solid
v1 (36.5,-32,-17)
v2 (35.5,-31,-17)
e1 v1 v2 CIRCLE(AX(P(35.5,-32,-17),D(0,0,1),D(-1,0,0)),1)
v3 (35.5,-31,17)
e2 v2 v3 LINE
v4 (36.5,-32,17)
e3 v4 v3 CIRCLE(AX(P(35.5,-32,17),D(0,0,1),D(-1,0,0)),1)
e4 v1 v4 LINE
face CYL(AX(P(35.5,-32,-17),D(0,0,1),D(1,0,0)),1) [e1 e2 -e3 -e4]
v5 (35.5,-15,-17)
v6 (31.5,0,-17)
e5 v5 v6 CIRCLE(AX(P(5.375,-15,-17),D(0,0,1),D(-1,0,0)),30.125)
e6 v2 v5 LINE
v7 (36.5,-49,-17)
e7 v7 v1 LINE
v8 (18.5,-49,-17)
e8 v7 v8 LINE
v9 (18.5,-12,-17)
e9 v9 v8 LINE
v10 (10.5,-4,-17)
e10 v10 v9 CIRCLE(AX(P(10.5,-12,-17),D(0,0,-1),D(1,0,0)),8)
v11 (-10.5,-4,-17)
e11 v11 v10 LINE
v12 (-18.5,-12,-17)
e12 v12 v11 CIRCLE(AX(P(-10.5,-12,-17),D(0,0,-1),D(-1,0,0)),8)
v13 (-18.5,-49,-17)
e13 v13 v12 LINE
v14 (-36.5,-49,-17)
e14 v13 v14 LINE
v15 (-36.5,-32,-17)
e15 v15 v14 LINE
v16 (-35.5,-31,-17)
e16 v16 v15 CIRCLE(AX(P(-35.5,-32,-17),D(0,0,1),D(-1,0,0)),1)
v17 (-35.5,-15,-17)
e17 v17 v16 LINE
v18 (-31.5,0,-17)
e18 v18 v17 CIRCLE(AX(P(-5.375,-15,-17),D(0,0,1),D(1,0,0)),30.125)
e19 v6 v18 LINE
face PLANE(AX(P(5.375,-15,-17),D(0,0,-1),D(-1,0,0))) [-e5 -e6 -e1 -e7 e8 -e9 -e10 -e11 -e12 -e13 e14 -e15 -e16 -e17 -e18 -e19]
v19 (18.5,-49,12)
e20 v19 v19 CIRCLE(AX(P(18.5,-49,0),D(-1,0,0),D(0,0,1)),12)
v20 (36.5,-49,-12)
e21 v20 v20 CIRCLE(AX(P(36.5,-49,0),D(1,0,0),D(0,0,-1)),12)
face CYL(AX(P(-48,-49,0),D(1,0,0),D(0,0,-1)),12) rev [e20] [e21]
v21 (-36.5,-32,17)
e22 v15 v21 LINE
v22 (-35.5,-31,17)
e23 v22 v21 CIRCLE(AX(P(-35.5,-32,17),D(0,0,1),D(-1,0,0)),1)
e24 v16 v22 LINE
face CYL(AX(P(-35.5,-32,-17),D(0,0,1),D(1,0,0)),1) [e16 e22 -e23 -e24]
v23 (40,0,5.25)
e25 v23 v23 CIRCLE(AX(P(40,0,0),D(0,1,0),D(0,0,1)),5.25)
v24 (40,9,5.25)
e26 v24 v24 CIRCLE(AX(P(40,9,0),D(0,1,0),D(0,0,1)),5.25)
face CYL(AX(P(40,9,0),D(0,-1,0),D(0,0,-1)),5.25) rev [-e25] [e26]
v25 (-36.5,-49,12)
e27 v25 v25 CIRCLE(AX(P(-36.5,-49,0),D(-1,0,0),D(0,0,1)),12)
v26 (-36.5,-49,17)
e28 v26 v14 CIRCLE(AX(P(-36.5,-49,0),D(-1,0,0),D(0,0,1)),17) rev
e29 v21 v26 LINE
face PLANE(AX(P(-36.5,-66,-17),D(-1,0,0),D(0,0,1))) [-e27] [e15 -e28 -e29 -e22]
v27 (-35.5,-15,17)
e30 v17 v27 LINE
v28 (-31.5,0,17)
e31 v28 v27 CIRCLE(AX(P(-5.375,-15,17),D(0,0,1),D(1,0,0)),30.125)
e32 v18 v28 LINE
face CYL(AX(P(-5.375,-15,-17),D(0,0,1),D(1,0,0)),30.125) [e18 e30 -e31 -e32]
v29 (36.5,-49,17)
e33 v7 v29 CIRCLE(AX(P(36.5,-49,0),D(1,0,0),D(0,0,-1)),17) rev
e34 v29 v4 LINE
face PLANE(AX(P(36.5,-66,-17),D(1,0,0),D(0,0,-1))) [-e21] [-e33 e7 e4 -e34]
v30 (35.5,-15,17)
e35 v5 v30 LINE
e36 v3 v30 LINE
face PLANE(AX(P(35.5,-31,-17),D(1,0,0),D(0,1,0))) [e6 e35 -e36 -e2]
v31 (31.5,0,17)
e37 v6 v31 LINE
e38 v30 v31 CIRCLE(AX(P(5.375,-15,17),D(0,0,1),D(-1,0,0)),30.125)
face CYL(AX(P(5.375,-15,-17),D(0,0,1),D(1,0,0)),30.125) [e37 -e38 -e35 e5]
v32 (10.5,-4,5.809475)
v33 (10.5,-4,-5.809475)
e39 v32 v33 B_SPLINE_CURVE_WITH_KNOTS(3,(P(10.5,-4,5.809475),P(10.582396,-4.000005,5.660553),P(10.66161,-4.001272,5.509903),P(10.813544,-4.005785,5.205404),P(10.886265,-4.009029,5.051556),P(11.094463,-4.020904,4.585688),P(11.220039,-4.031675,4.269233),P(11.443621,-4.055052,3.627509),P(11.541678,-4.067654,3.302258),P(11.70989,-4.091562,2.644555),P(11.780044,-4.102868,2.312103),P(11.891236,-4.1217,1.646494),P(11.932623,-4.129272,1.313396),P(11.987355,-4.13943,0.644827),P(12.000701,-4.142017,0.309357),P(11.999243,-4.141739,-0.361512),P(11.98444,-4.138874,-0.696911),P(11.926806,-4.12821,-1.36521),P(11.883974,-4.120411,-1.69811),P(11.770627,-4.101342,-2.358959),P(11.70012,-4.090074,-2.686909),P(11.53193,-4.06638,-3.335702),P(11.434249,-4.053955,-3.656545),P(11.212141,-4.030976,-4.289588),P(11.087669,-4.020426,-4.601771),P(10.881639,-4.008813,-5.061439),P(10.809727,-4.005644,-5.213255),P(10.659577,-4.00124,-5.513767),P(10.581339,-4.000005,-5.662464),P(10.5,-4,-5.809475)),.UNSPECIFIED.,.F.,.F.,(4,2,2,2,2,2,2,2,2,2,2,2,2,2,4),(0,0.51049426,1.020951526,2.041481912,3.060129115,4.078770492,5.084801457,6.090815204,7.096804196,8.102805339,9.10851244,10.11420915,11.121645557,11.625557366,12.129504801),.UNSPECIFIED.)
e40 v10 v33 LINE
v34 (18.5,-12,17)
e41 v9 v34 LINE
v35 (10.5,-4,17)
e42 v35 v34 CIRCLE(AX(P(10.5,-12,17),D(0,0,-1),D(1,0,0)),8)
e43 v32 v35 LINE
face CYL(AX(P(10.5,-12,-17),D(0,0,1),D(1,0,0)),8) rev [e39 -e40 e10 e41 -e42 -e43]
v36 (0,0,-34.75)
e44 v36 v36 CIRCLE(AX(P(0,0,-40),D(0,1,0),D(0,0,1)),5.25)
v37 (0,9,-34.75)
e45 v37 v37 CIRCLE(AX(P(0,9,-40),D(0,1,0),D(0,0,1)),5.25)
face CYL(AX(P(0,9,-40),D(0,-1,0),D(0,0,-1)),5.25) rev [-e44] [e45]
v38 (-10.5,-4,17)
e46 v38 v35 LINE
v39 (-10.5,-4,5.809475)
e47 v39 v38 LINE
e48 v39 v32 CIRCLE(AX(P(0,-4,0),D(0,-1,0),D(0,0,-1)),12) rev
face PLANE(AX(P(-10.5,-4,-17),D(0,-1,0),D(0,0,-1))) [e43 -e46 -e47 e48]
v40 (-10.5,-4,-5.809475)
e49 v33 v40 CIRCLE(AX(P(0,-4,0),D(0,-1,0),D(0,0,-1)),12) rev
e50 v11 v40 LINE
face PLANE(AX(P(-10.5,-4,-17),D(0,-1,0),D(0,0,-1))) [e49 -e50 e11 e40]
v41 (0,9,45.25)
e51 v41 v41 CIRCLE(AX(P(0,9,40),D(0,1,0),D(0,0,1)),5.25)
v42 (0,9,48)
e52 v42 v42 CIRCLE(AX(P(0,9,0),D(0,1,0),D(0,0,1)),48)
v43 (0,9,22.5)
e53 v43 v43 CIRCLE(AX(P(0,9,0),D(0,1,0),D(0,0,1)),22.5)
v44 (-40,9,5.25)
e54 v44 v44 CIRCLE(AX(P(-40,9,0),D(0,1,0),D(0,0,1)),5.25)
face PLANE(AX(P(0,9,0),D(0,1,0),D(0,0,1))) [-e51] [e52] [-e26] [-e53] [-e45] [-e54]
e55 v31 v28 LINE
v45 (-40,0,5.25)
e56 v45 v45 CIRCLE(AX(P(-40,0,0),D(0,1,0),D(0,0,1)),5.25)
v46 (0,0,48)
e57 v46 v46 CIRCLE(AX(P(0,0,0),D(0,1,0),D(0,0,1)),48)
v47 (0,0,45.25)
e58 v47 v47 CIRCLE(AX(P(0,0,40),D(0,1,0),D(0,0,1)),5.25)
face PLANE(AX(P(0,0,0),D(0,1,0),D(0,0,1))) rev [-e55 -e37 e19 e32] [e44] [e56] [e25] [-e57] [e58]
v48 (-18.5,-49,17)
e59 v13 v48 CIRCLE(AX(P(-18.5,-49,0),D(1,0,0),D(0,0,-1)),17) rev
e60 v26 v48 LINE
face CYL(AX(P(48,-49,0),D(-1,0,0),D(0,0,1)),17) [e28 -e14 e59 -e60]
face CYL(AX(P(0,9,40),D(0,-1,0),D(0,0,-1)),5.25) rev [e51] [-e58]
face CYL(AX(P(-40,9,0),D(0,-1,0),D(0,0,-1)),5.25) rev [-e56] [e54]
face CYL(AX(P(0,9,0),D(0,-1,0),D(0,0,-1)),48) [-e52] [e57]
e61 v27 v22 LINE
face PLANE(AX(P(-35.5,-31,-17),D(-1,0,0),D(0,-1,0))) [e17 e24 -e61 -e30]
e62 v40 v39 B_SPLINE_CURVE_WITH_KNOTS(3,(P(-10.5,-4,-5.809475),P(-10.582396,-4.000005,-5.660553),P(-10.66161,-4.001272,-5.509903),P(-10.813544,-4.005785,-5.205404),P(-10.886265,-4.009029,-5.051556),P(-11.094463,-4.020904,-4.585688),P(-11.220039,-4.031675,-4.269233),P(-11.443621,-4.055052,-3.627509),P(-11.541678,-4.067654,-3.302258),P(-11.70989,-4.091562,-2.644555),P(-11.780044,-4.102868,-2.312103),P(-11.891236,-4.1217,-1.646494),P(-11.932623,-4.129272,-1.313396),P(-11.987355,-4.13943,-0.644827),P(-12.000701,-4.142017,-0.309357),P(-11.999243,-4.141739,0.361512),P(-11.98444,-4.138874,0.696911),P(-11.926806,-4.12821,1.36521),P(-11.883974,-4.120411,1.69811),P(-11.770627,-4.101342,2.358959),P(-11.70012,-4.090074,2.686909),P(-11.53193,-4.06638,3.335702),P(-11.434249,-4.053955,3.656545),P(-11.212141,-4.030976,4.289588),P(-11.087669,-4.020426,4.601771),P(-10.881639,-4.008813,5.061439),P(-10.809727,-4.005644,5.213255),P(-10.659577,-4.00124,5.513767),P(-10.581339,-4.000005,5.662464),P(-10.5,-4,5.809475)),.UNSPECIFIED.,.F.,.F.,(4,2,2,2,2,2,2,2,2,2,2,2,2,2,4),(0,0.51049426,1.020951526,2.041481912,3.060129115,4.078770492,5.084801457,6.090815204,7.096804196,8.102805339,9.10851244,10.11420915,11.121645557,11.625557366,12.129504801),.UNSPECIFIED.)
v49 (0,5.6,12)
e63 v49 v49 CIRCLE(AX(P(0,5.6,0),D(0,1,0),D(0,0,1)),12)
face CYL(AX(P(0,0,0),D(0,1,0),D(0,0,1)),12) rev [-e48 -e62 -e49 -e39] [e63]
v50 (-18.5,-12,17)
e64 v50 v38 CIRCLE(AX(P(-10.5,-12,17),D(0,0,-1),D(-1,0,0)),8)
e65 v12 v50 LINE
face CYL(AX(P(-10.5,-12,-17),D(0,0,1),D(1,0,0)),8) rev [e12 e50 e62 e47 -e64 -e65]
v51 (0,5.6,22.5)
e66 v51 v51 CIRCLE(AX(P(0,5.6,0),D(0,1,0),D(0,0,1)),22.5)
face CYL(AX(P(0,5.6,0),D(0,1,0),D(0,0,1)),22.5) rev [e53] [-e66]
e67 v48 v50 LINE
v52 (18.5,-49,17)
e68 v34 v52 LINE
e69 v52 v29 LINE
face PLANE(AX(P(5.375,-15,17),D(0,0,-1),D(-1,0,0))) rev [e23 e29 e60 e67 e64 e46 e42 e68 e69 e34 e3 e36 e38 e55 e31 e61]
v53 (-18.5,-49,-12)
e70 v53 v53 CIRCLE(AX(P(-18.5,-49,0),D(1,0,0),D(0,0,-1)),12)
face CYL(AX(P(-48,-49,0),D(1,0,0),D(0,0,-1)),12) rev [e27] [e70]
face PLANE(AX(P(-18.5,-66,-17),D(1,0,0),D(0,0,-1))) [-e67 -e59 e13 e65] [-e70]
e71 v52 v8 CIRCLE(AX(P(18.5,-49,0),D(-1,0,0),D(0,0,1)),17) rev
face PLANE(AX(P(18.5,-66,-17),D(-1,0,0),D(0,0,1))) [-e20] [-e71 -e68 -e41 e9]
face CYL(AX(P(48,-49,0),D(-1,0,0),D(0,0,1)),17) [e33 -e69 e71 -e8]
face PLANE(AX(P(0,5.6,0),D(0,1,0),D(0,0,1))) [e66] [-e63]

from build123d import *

# Parameters (mm, degrees)
SKETCH1_R                = 48
SKETCH1_R_2              = 5.25
BOSS_EXTRUDE1_DEPTH      = 9
SKETCH2_R                = 22.5
CUT_EXTRUDE1_DEPTH       = 3.4
SKETCH3_R                = 12
CUT_EXTRUDE2_DEPTH       = 6.6
BOSS_EXTRUDE2_DEPTH      = 17
BOSS_EXTRUDE2_DEPTH_BACK = 17
SKETCH5_R                = 12
CUT_EXTRUDE3_DEPTH       = 4.5
CUT_EXTRUDE3_DEPTH_BACK  = 4.5
CUT_EXTRUDE4_DEPTH       = 12.5
CUT_EXTRUDE4_DEPTH_BACK  = 85.5
SKETCH8_R                = 12
CUT_EXTRUDE5_DEPTH       = 12.5
CUT_EXTRUDE5_DEPTH_BACK  = 85.5


with BuildPart() as part:
    # Sketch1 → Boss-Extrude1 (new body)
    with BuildSketch(Plane(origin=(0, 0, 0), x_dir=(1, 0, 0), z_dir=(0, 1, 0))):
        Circle(SKETCH1_R)
        with Locations((0, 40)):
            Circle(SKETCH1_R_2, mode=Mode.SUBTRACT)
        with Locations((40, 0)):
            Circle(SKETCH1_R_2, mode=Mode.SUBTRACT)
        with Locations((0, -40)):
            Circle(SKETCH1_R_2, mode=Mode.SUBTRACT)
        with Locations((-40, 0)):
            Circle(SKETCH1_R_2, mode=Mode.SUBTRACT)
    extrude(amount=BOSS_EXTRUDE1_DEPTH)

    # Sketch2 → Cut-Extrude1 (cut)
    with BuildSketch(Plane(origin=(0, 9, 0), x_dir=(1, 0, 0), z_dir=(0, 1, 0))):
        Circle(SKETCH2_R)
    extrude(amount=-CUT_EXTRUDE1_DEPTH, mode=Mode.SUBTRACT)

    # Sketch3 → Cut-Extrude2 (cut, through all)
    with BuildSketch(Plane(origin=(0, 5.6, 0), x_dir=(1, 0, 0), z_dir=(0, 1, 0))):
        Circle(SKETCH3_R)
    extrude(amount=-CUT_EXTRUDE2_DEPTH, mode=Mode.SUBTRACT)

    # Sketch4 → Boss-Extrude2 (add, two sides)
    with BuildSketch(Plane.XY) as boss_extrude2_sk:
        with BuildLine():
            Line((-36.5, -66), (-36.5, -32))
            ThreePointArc((-36.5, -32), (-36.207106781, -31.292893219), (-35.5, -31))
            Line((-35.5, -31), (-35.5, -15))
            ThreePointArc((-35.5, -15), (-34.482827555, -7.237912652), (-31.5, 0))
            Line((-31.5, 0), (31.5, 0))
            ThreePointArc((31.5, 0), (34.482827555, -7.237912652), (35.5, -15))
            Line((35.5, -15), (35.5, -31))
            ThreePointArc((35.5, -31), (36.207106781, -31.292893219), (36.5, -32))
            Line((36.5, -32), (36.5, -66))
            ThreePointArc((36.5, -66), (36.207106781, -66.707106781), (35.5, -67))
            Line((35.5, -67), (19.5, -67))
            ThreePointArc((19.5, -67), (18.792893219, -66.707106781), (18.5, -66))
            Line((18.5, -66), (18.5, -12))
            ThreePointArc((18.5, -12), (16.156854249, -6.343145751), (10.5, -4))
            Line((10.5, -4), (-10.5, -4))
            ThreePointArc((-10.5, -4), (-16.156854249, -6.343145751), (-18.5, -12))
            Line((-18.5, -12), (-18.5, -66))
            ThreePointArc((-18.5, -66), (-18.792893219, -66.707106781), (-19.5, -67))
            Line((-19.5, -67), (-35.5, -67))
            ThreePointArc((-35.5, -67), (-36.207106781, -66.707106781), (-36.5, -66))
        make_face()
    extrude(amount=BOSS_EXTRUDE2_DEPTH)
    extrude(boss_extrude2_sk.sketch, amount=-BOSS_EXTRUDE2_DEPTH_BACK)

    # Sketch5 → Cut-Extrude3 (cut, two sides)
    with BuildSketch(Plane.XZ.offset(4)) as cut_extrude3_sk:
        Circle(SKETCH5_R)
    extrude(amount=CUT_EXTRUDE3_DEPTH, mode=Mode.SUBTRACT)
    extrude(cut_extrude3_sk.sketch, amount=-CUT_EXTRUDE3_DEPTH_BACK, mode=Mode.SUBTRACT)

    # Sketch7 → Cut-Extrude4 (cut, two sides)
    with BuildSketch(Plane.ZY.offset(36.5)) as cut_extrude4_sk:
        with BuildLine():
            Line((-17, 0), (-17, -49))
            ThreePointArc((-17, -49), (0, -66), (17, -49))
            Line((17, -49), (17, 0))
            Line((17, 0), (31.554606814, 0))
            Line((31.554606814, 0), (31.554606814, -74.298240475))
            Line((31.554606814, -74.298240475), (-29.742859054, -74.298240475))
            Line((-29.742859054, -74.298240475), (-29.742859054, 0))
            Line((-29.742859054, 0), (-17, 0))
        make_face()
    extrude(amount=CUT_EXTRUDE4_DEPTH, mode=Mode.SUBTRACT)
    extrude(cut_extrude4_sk.sketch, amount=-CUT_EXTRUDE4_DEPTH_BACK, mode=Mode.SUBTRACT)

    # Sketch8 → Cut-Extrude5 (cut, two sides)
    with BuildSketch(Plane(origin=(36.5, 0, 0), x_dir=(0, 0, -1), z_dir=(1, 0, 0))) as cut_extrude5_sk:
        with Locations((0, -49)):
            Circle(SKETCH8_R)
    extrude(amount=CUT_EXTRUDE5_DEPTH, mode=Mode.SUBTRACT)
    extrude(cut_extrude5_sk.sketch, amount=-CUT_EXTRUDE5_DEPTH_BACK, mode=Mode.SUBTRACT)


solid = part.part
